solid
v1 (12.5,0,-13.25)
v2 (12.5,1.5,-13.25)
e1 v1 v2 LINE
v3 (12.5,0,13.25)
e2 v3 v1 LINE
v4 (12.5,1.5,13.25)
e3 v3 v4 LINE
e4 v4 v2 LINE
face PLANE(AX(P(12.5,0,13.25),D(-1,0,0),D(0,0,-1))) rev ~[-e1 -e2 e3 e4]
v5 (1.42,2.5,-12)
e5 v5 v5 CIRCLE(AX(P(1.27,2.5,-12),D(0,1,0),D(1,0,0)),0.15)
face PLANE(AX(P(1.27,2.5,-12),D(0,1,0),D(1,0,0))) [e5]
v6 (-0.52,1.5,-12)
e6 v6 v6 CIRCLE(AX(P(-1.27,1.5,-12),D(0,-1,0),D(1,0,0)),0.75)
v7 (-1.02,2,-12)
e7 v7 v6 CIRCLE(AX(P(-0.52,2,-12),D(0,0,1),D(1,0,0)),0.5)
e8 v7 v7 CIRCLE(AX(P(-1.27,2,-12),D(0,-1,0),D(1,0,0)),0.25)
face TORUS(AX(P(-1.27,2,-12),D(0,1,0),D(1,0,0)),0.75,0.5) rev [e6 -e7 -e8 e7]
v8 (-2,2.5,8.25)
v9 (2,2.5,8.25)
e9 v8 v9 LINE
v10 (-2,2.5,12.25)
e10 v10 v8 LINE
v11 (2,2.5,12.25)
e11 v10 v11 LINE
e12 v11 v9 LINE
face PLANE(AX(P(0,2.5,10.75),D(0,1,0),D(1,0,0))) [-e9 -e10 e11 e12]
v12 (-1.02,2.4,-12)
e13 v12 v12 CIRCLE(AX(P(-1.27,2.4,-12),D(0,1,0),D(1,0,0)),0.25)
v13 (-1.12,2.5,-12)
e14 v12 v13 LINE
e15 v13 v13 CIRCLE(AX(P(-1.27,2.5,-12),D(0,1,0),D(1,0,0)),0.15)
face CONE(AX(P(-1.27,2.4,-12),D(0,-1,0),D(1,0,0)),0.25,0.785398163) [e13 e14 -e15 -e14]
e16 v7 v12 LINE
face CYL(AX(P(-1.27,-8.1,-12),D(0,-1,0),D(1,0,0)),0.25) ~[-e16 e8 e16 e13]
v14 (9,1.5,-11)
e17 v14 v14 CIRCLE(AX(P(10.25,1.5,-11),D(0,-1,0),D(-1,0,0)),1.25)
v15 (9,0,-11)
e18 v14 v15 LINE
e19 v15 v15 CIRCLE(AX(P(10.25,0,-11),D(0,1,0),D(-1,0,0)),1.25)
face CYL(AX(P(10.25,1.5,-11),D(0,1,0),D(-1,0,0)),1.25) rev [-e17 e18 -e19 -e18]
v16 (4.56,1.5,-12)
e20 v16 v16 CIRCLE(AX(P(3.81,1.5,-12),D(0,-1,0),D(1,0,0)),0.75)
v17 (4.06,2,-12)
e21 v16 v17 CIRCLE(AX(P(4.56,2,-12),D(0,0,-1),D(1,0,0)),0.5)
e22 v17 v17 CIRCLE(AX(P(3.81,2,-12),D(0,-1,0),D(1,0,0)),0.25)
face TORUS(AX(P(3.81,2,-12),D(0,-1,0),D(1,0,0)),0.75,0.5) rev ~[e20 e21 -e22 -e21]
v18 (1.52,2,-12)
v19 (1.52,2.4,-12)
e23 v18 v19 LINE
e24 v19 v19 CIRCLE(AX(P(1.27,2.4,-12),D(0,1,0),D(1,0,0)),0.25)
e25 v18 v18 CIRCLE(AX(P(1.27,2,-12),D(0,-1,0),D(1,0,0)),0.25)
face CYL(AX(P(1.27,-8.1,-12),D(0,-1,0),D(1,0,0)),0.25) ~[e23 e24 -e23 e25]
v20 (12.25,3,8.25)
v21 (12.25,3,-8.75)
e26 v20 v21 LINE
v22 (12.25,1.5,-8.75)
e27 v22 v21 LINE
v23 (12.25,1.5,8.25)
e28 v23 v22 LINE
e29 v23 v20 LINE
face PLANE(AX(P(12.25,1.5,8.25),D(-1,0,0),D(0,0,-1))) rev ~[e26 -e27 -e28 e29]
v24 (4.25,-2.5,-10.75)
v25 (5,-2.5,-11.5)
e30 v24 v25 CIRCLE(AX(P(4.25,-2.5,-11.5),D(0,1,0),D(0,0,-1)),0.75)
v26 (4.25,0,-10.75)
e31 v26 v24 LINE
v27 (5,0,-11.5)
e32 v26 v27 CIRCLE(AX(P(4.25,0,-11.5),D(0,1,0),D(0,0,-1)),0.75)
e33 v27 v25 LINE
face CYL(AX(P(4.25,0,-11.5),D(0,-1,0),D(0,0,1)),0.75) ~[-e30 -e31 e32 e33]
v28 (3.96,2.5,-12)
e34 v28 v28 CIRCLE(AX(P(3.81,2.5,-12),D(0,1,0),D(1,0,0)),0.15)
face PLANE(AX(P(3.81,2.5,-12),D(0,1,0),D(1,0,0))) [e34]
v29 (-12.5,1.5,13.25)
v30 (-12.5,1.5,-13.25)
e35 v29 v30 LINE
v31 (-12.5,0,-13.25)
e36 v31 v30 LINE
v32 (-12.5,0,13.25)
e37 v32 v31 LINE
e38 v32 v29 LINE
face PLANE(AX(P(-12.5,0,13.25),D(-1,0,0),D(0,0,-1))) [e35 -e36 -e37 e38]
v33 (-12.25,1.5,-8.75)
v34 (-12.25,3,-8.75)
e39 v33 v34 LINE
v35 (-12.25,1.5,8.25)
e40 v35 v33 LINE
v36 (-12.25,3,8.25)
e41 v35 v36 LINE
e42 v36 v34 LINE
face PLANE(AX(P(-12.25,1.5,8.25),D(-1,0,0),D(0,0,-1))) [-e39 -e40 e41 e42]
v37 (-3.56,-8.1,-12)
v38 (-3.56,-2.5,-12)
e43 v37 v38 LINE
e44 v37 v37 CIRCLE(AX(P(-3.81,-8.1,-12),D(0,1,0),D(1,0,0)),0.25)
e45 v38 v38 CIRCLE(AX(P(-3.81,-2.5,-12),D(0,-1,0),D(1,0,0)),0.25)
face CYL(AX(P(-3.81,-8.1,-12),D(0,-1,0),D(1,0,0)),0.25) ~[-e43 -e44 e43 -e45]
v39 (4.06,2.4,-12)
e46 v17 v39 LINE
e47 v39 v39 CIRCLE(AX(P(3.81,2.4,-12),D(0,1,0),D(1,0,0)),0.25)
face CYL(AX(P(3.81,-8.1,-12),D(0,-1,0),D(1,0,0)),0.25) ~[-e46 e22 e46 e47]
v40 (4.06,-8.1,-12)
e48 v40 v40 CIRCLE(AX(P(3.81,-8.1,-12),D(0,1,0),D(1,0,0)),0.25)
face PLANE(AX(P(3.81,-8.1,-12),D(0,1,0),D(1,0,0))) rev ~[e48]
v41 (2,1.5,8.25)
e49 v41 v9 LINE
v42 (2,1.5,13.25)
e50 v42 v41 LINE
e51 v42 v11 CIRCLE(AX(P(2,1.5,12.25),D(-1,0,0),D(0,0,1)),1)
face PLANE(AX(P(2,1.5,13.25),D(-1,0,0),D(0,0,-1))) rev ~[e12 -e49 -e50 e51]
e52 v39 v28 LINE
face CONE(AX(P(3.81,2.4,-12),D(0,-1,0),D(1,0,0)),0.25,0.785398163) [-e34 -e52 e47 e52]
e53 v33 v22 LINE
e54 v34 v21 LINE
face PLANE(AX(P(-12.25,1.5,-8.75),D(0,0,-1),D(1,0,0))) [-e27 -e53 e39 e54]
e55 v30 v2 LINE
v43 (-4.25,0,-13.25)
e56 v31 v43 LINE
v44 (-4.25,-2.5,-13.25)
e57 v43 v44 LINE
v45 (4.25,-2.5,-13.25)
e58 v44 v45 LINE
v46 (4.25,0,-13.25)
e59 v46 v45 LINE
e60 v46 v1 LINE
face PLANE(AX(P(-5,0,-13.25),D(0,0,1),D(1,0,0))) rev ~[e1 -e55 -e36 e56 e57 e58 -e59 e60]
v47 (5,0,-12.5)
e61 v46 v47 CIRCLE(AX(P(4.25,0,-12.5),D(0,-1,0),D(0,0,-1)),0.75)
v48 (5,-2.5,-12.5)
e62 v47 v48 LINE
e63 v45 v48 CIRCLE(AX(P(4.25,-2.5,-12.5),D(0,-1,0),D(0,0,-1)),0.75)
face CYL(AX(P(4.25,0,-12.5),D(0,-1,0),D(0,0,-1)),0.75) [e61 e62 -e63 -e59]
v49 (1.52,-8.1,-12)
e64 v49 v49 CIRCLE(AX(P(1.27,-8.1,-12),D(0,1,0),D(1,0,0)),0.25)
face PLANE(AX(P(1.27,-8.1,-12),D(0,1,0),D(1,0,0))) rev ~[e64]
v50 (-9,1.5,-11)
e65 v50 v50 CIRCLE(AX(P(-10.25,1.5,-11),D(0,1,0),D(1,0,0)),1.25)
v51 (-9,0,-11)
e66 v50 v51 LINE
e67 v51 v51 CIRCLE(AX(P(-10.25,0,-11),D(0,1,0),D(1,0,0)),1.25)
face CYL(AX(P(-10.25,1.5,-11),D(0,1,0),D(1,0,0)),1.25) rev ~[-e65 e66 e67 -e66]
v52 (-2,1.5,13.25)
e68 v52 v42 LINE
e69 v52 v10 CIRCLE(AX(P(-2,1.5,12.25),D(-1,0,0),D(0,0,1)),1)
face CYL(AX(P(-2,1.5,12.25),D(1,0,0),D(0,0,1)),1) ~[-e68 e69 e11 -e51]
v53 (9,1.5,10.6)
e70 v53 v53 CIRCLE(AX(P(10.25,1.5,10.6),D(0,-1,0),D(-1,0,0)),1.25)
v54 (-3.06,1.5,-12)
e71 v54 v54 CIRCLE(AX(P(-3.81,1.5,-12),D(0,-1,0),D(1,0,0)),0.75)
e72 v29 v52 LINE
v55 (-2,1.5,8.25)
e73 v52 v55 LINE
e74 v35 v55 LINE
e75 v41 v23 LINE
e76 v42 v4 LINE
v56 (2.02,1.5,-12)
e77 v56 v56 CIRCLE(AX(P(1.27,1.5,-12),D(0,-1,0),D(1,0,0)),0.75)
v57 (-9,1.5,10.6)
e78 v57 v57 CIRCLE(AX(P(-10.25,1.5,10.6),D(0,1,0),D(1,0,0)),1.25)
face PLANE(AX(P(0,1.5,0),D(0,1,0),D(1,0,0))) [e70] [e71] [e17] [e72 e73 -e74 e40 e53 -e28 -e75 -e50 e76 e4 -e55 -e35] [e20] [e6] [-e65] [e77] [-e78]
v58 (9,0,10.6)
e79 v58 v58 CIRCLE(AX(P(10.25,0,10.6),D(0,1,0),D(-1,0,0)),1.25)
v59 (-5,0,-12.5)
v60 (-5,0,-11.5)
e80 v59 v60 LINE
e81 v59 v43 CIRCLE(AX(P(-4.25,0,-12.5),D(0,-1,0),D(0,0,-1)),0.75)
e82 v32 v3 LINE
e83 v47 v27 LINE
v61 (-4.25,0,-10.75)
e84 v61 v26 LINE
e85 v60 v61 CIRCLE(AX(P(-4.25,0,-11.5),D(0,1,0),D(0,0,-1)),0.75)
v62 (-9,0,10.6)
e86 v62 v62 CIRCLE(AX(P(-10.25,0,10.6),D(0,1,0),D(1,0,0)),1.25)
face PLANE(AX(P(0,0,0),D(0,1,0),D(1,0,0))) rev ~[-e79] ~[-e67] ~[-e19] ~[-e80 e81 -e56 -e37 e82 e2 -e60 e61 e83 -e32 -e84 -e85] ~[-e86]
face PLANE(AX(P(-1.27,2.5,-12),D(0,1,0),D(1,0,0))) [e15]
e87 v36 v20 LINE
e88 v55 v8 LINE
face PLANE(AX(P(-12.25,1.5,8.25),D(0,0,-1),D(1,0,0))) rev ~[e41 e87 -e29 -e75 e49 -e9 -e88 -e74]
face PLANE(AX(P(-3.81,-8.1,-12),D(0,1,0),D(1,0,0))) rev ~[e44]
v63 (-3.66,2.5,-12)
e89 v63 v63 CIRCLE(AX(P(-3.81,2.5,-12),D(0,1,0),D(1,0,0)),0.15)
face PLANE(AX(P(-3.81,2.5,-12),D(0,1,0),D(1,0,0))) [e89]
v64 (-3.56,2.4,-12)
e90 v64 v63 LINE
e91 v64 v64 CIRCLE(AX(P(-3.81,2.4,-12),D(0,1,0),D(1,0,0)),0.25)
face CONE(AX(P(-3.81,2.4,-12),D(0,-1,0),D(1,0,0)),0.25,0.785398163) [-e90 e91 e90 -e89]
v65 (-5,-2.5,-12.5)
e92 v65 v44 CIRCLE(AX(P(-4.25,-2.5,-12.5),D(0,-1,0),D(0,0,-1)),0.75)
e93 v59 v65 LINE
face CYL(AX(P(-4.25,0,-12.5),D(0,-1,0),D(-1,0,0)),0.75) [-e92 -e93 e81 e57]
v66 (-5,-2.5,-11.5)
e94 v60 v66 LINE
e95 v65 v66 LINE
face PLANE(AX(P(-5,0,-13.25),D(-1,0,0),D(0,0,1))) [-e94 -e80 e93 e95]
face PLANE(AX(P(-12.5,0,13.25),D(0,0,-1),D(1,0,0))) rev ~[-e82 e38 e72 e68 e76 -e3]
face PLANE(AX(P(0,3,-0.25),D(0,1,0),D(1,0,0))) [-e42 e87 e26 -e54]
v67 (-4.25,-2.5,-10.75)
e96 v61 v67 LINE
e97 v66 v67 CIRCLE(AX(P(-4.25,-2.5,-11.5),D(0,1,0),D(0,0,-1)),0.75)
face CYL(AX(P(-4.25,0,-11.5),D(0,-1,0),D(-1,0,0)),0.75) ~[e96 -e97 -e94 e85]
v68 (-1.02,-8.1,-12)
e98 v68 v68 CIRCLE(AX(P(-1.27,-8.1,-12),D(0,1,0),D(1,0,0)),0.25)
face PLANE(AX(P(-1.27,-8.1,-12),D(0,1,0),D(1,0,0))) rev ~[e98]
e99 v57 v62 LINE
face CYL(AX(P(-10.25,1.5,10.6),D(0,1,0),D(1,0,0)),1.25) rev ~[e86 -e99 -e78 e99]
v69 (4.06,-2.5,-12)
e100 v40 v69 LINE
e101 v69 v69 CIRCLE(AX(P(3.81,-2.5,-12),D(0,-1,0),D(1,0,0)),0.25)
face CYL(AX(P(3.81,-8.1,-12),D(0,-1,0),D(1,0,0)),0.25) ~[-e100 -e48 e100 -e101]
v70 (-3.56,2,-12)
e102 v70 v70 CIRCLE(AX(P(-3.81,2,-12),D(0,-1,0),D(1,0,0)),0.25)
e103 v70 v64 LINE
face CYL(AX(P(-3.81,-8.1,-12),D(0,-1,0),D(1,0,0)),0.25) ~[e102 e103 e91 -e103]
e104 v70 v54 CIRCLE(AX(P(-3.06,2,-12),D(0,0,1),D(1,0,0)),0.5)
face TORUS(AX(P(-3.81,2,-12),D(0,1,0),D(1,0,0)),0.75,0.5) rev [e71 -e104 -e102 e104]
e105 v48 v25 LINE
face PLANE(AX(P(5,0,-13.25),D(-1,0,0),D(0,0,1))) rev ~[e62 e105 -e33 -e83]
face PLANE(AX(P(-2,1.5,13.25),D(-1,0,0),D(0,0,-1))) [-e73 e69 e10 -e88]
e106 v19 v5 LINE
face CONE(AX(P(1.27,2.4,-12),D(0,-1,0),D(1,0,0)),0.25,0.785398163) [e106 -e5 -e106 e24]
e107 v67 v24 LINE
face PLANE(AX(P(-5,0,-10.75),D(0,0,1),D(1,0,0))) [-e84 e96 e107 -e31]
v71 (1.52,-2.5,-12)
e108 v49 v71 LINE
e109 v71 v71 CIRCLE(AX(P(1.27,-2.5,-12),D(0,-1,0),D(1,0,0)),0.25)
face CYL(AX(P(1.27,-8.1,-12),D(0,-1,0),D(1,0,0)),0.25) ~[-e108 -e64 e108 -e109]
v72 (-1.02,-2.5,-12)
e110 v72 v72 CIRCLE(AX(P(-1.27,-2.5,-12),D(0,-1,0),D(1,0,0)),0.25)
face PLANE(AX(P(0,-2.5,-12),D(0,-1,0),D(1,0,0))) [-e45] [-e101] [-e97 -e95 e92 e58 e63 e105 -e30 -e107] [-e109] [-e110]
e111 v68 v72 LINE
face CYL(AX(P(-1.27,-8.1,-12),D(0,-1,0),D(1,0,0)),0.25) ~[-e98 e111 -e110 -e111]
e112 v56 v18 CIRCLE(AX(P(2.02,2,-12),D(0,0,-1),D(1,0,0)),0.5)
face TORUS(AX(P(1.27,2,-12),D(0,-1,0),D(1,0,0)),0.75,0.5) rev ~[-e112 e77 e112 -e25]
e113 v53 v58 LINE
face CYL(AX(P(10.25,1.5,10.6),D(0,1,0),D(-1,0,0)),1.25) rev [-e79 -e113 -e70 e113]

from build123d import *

# Parameters (mm, degrees)
SKETCH1_W                  = 25
SKETCH1_H                  = 26.5
BOSS_EXTRUDE1_DEPTH        = 1.5
SKETCH2_W                  = 24.5
SKETCH2_H                  = 17
BOSS_EXTRUDE2_DEPTH        = 1.5
SKETCH3_R                  = 1.25
CUT_EXTRUDE1_DEPTH         = 7.5
SKETCH4_R                  = 1.25
CUT_EXTRUDE2_DEPTH         = 7.5
SKETCH5_W                  = 4
SKETCH5_H                  = 5
BOSS_EXTRUDE3_DEPTH        = 1
FILLET1_R                  = 1
BOSS_EXTRUDE4_START        = -9.6
SKETCH6_R                  = 0.25
BOSS_EXTRUDE4_DEPTH        = 10.6
CHAMFER1_SIZE              = 0.1
FILLET2_R                  = 0.5
LPATTERN1_COUNT            = 4
LPATTERN1_PITCH            = 2.54
CHAMFER1_OF_LPATTERN1_SIZE = 0.1
FILLET2_OF_LPATTERN1_R     = 0.5
SKETCH7_W                  = 10
SKETCH7_H                  = 2.5
BOSS_EXTRUDE5_DEPTH        = 2.5
FILLET3_R                  = 0.75


with BuildPart() as part:
    # Sketch1 → Boss-Extrude1 (new body)
    with BuildSketch(Plane(origin=(0, 0, 0), x_dir=(1, 0, 0), z_dir=(0, 1, 0))):
        Rectangle(SKETCH1_W, SKETCH1_H)
    extrude(amount=BOSS_EXTRUDE1_DEPTH)

    # Sketch2 → Boss-Extrude2 (add)
    with BuildSketch(Plane(origin=(0, 1.5, 0), x_dir=(1, 0, 0), z_dir=(0, 1, 0))):
        with Locations((0, 0.25)):
            Rectangle(SKETCH2_W, SKETCH2_H)
    extrude(amount=BOSS_EXTRUDE2_DEPTH)

    # Sketch3 → Cut-Extrude1 (cut)
    with BuildSketch(Plane(origin=(0, 1.5, 0), x_dir=(1, 0, 0), z_dir=(0, 1, 0))):
        with Locations((-10.25, -10.6)):
            Circle(SKETCH3_R)
    cut_extrude1 = extrude(amount=-CUT_EXTRUDE1_DEPTH, mode=Mode.SUBTRACT)

    # Mirror1: Cut-Extrude1 across plane
    add(cut_extrude1.mirror(Plane(origin=(0, 0, 0), x_dir=(0, 0, 1), z_dir=(1, 0, 0))), mode=Mode.SUBTRACT)

    # Sketch4 → Cut-Extrude2 (cut)
    with BuildSketch(Plane(origin=(0, 1.5, 0), x_dir=(1, 0, 0), z_dir=(0, 1, 0))):
        with Locations((-10.25, 11)):
            Circle(SKETCH4_R)
    cut_extrude2 = extrude(amount=-CUT_EXTRUDE2_DEPTH, mode=Mode.SUBTRACT)

    # Mirror2: Cut-Extrude2 across plane
    add(cut_extrude2.mirror(Plane(origin=(0, 0, 0), x_dir=(0, 0, 1), z_dir=(1, 0, 0))), mode=Mode.SUBTRACT)

    # Sketch5 → Boss-Extrude3 (add)
    with BuildSketch(Plane(origin=(0, 1.5, 0), x_dir=(1, 0, 0), z_dir=(0, 1, 0))):
        with Locations((0, -10.75)):
            Rectangle(SKETCH5_W, SKETCH5_H)
    extrude(amount=BOSS_EXTRUDE3_DEPTH)

    # Fillet1
    fillet1_edges = [part.edges().sort_by_distance(p)[0] for p in [
        (0, 2.5, 13.25),
    ]]
    fillet(fillet1_edges, radius=FILLET1_R)

    # Sketch6 → Boss-Extrude4 (add)
    with BuildSketch(Plane(origin=(0, 1.5, 0), x_dir=(1, 0, 0), z_dir=(0, 1, 0)).offset(BOSS_EXTRUDE4_START)):
        with Locations((-3.81, 12)):
            Circle(SKETCH6_R)
    boss_extrude4 = extrude(amount=BOSS_EXTRUDE4_DEPTH)

    # Chamfer1
    chamfer1_edges = [part.edges().sort_by_distance(p)[0] for p in [
        (-4.06, 2.5, -12),
    ]]
    chamfer(chamfer1_edges, length=CHAMFER1_SIZE)

    # Fillet2
    fillet2_edges = [part.edges().sort_by_distance(p)[0] for p in [
        (-4.06, 1.5, -12),
    ]]
    fillet(fillet2_edges, radius=FILLET2_R)

    # LPattern1: Boss-Extrude4 ×4
    with Locations(*[(i * LPATTERN1_PITCH, 0, 0) for i in range(1, LPATTERN1_COUNT)]):
        add(boss_extrude4)

    # Chamfer1 of LPattern1
    chamfer1_of_lpattern1_edges = [part.edges().sort_by_distance(p)[0] for p in [
        (-1.52, 2.5, -12),
        (1.02, 2.5, -12),
        (3.56, 2.5, -12),
    ]]
    chamfer(chamfer1_of_lpattern1_edges, length=CHAMFER1_OF_LPATTERN1_SIZE)

    # Fillet2 of LPattern1
    fillet2_of_lpattern1_edges = [part.edges().sort_by_distance(p)[0] for p in [
        (-1.52, 1.5, -12),
        (1.02, 1.5, -12),
        (3.56, 1.5, -12),
    ]]
    fillet(fillet2_of_lpattern1_edges, radius=FILLET2_OF_LPATTERN1_R)

    # Sketch7 → Boss-Extrude5 (add)
    with BuildSketch(Plane.XZ):
        with Locations((0, -12)):
            Rectangle(SKETCH7_W, SKETCH7_H)
    extrude(amount=BOSS_EXTRUDE5_DEPTH)

    # Fillet3
    fillet3_edges = [part.edges().sort_by_distance(p)[0] for p in [
        (-5, -1.25, -10.75),
        (-5, -1.25, -13.25),
        (5, -1.25, -13.25),
        (5, -1.25, -10.75),
    ]]
    fillet(fillet3_edges, radius=FILLET3_R)


solid = part.part
